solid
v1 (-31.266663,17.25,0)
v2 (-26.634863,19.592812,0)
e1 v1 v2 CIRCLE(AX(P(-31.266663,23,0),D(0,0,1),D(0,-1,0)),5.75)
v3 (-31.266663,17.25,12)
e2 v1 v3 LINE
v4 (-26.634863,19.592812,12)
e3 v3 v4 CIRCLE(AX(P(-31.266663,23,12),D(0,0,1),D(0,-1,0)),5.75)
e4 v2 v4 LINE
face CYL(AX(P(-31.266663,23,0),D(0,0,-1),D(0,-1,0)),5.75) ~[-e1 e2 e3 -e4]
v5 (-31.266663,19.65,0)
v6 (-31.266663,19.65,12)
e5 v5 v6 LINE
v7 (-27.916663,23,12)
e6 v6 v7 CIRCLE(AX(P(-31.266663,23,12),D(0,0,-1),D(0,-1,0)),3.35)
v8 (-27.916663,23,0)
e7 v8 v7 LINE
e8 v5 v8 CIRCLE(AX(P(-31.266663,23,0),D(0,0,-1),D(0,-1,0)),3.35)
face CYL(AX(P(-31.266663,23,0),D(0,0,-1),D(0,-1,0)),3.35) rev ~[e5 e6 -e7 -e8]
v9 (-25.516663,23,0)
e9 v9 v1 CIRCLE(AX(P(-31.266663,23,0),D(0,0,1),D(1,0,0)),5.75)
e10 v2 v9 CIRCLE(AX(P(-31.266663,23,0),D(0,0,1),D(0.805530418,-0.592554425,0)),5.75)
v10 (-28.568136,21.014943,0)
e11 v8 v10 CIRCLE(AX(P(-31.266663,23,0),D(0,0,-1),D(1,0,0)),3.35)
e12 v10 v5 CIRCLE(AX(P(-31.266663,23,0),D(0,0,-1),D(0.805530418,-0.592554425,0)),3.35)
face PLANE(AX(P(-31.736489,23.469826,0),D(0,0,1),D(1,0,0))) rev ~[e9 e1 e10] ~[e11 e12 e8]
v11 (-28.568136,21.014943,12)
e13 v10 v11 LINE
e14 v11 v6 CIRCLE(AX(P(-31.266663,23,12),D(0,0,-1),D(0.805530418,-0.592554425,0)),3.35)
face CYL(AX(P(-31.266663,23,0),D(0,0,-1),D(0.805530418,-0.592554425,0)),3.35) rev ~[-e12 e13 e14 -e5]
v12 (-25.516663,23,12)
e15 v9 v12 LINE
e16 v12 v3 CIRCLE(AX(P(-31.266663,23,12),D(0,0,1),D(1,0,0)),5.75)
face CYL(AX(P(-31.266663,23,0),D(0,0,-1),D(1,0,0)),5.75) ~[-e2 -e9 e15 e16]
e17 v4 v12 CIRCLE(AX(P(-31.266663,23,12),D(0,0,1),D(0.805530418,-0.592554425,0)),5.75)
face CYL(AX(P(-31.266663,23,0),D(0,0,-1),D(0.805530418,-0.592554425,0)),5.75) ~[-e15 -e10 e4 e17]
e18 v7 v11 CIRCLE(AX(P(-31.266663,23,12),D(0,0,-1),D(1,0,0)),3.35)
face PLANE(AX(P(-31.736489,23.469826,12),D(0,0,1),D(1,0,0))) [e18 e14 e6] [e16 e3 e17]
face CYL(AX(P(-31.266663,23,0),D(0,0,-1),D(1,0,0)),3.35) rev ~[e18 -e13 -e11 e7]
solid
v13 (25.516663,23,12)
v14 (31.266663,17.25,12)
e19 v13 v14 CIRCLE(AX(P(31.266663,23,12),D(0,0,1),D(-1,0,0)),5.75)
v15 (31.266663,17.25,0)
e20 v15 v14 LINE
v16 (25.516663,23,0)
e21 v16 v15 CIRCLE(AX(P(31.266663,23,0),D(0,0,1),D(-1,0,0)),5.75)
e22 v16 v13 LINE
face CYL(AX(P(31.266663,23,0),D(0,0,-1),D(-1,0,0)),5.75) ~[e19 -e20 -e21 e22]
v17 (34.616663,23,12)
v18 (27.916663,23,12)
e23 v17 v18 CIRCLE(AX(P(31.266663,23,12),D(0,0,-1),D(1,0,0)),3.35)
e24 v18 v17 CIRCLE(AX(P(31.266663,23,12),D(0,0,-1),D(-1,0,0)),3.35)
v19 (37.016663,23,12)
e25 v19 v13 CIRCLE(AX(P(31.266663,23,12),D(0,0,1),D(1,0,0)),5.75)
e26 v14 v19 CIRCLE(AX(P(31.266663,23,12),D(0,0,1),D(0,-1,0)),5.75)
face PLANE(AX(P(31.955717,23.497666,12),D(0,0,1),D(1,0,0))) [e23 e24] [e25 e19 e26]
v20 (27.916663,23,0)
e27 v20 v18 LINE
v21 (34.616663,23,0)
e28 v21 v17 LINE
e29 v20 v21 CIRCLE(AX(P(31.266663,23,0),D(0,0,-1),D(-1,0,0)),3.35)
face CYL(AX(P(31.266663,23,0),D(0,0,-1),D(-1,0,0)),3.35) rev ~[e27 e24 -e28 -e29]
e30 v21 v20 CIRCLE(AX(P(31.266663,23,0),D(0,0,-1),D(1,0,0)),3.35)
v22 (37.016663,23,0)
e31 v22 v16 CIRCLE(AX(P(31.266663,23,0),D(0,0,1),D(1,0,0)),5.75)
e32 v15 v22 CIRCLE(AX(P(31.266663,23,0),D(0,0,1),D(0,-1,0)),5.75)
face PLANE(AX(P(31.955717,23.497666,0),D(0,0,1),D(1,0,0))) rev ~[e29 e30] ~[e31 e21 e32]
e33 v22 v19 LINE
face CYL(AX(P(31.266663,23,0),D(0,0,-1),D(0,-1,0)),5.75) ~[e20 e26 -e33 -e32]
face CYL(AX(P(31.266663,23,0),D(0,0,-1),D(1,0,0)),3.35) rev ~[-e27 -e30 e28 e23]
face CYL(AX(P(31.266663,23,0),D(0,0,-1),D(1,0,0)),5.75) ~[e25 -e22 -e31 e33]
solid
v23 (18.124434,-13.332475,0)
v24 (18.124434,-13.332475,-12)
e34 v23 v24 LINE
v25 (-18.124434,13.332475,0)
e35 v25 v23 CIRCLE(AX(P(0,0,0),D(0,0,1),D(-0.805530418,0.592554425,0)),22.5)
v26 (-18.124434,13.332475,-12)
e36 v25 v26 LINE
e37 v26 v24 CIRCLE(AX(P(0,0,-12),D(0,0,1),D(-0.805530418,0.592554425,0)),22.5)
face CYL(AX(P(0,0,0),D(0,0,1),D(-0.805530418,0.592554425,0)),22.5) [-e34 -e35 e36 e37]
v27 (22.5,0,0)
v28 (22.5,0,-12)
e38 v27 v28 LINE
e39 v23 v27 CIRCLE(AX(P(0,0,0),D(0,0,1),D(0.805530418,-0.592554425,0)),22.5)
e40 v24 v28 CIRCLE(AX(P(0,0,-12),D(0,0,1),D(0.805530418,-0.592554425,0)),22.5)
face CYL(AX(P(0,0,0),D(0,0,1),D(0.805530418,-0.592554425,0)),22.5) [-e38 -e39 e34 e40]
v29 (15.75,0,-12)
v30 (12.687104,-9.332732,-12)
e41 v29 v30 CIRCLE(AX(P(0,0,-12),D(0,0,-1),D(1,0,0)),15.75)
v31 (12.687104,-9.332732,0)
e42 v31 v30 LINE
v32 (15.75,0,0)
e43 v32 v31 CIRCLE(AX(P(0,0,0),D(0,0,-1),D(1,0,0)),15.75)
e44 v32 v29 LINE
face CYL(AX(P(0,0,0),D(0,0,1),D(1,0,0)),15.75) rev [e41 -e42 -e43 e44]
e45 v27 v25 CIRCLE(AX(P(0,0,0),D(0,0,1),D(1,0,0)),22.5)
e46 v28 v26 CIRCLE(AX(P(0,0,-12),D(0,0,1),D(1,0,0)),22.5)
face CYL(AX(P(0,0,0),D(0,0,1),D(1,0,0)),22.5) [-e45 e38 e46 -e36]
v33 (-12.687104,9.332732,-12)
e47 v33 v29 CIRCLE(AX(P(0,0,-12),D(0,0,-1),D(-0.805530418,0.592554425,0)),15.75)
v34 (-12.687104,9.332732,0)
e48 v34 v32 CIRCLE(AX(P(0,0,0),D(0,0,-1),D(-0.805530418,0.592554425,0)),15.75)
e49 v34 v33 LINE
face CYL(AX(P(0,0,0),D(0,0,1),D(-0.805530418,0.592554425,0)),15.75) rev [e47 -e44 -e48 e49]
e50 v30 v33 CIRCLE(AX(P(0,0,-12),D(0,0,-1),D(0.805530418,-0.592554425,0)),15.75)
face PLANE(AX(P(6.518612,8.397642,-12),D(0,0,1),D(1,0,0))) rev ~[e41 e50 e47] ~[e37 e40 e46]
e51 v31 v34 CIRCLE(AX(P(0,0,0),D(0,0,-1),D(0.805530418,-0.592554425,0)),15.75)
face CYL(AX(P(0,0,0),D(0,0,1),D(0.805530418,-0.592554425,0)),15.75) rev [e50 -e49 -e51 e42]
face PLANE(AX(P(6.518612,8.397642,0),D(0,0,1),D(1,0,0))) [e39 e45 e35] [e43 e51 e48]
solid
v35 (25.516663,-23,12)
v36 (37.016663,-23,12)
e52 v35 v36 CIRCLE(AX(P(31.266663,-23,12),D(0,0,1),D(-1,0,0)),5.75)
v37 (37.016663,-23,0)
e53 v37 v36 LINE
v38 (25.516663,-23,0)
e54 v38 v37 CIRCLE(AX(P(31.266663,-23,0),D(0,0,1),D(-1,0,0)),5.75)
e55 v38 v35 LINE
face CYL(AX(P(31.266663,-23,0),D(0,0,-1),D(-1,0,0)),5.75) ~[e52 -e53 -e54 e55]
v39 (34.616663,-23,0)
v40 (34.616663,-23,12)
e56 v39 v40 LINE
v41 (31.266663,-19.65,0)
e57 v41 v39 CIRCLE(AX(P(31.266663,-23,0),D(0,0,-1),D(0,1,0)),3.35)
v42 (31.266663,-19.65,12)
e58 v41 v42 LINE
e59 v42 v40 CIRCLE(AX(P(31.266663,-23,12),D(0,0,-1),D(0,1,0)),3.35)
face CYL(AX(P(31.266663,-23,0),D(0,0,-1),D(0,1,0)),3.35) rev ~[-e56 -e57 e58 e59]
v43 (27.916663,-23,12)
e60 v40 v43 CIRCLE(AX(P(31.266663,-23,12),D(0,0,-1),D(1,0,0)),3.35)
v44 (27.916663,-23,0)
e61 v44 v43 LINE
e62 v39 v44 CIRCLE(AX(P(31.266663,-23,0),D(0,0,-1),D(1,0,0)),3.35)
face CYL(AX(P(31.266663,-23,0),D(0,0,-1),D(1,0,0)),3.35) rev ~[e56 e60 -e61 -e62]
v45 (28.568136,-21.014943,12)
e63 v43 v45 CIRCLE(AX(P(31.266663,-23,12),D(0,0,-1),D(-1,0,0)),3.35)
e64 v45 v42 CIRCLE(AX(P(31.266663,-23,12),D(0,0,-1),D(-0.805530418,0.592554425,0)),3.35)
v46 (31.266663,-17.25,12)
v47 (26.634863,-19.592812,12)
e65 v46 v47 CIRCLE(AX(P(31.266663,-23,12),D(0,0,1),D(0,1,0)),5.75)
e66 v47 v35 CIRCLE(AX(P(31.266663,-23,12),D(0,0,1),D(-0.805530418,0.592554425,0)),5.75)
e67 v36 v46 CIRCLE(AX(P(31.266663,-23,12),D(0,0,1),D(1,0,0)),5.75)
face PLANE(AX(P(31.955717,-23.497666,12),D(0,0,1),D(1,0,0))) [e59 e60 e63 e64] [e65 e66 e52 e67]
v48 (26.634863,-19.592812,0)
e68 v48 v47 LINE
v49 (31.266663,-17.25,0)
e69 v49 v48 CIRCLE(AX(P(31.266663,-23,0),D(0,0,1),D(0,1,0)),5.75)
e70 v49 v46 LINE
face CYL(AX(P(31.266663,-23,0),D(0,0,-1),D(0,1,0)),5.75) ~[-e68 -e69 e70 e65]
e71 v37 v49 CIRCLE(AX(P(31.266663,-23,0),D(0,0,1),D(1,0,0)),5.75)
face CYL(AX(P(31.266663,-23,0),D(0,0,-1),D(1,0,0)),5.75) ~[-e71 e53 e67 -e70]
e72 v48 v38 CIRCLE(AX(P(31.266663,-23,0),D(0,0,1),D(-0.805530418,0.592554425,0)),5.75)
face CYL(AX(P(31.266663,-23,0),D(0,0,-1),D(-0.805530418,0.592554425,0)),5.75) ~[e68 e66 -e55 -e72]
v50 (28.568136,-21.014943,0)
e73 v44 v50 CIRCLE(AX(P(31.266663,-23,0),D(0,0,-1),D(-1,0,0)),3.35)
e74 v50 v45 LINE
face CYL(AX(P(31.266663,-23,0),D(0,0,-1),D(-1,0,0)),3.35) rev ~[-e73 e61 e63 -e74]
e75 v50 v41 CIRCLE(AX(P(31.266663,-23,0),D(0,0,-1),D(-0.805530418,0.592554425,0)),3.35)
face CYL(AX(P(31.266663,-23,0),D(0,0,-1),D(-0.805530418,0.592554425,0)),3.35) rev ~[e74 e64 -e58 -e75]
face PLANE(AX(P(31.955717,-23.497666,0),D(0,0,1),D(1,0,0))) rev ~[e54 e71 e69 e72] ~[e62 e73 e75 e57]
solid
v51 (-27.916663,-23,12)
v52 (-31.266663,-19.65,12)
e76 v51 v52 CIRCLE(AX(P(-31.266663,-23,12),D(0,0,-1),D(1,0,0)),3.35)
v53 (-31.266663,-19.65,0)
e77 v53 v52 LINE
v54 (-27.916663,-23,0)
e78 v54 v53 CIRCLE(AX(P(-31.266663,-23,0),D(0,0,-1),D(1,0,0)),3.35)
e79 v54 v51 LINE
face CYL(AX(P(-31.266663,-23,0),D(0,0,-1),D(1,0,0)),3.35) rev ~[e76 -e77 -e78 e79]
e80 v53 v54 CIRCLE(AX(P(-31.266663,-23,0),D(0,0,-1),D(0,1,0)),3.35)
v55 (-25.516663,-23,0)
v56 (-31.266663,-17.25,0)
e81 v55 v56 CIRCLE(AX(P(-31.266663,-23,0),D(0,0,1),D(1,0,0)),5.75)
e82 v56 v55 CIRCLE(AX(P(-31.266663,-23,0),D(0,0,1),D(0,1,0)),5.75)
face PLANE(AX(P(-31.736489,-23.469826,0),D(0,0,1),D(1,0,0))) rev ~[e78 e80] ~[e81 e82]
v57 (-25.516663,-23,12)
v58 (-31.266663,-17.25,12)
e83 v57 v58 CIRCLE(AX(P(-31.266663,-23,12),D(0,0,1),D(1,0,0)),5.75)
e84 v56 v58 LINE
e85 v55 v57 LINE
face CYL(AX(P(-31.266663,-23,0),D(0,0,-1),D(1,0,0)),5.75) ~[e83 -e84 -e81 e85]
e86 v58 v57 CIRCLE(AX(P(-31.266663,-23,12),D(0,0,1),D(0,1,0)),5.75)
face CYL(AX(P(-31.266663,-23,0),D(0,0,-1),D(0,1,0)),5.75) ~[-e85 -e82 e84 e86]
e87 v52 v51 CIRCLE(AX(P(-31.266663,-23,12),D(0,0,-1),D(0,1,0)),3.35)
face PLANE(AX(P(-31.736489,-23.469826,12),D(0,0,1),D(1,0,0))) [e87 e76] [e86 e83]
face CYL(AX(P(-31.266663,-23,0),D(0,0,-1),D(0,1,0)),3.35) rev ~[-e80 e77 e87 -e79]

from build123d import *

# Parameters (mm, degrees)
F1_DEPTH = 12
F2_DEPTH = 12


with BuildPart() as f1:
    # F0 (on Top) → F1 (new body)
    with BuildSketch(Plane.XY):
        with BuildLine():
            Line((-31.2666631574, -19.65), (-31.2666631574, -17.25))
            ThreePointArc((-31.2666631574, -17.25), (-35.3325271492, -27.0658639918), (-25.5166631574, -23))
            Line((-25.5166631574, -23), (-27.9166631574, -23))
            ThreePointArc((-27.9166631574, -23), (-33.6354708744, -25.368807717), (-31.2666631574, -19.65))
        make_face()
        with BuildLine():
            ThreePointArc((-25.5166631574, -23), (-27.2007991656, -18.9341360082), (-31.2666631574, -17.25))
            Line((-31.2666631574, -17.25), (-31.2666631574, -19.65))
            ThreePointArc((-31.2666631574, -19.65), (-28.8978554405, -20.631192283), (-27.9166631574, -23))
            Line((-27.9166631574, -23), (-25.5166631574, -23))
        make_face()
    extrude(amount=F1_DEPTH)


with BuildPart() as f1b:
    # F0 (on Top) → F1, piece 2 (new body)
    with BuildSketch(Plane.XY):
        with BuildLine():
            ThreePointArc((37.0166631574, 23), (31.2666631574, 28.75), (25.5166631574, 23))
            Line((25.5166631574, 23), (27.9166631574, 23))
            ThreePointArc((27.9166631574, 23), (31.2666631574, 26.35), (34.6166631574, 23))
            ThreePointArc((34.6166631574, 23), (33.6354708744, 20.631192283), (31.2666631574, 19.65))
            Line((31.2666631574, 19.65), (31.2666631574, 17.25))
            ThreePointArc((31.2666631574, 17.25), (35.3325271492, 18.9341360082), (37.0166631574, 23))
        make_face()
        with BuildLine():
            Line((27.9166631574, 23), (25.5166631574, 23))
            ThreePointArc((25.5166631574, 23), (27.2007991656, 18.9341360082), (31.2666631574, 17.25))
            Line((31.2666631574, 17.25), (31.2666631574, 19.65))
            ThreePointArc((31.2666631574, 19.65), (28.8978554405, 20.631192283), (27.9166631574, 23))
        make_face()
    extrude(amount=F1_DEPTH)


with BuildPart() as f1c:
    # F0 (on Top) → F1, piece 3 (new body)
    with BuildSketch(Plane.XY):
        with BuildLine():
            Line((-27.9166631574, 23), (-25.5166631574, 23))
            ThreePointArc((-25.5166631574, 23), (-35.3325271492, 27.0658639918), (-31.2666631574, 17.25))
            Line((-31.2666631574, 17.25), (-31.2666631574, 19.65))
            ThreePointArc((-31.2666631574, 19.65), (-33.6354708744, 25.368807717), (-27.9166631574, 23))
        make_face()
        with BuildLine():
            Line((-31.2666631574, 19.65), (-31.2666631574, 17.25))
            ThreePointArc((-31.2666631574, 17.25), (-28.6713626614, 17.8690239393), (-26.6348632565, 19.5928120572))
            Line((-26.6348632565, 19.5928120572), (-28.5681362586, 21.0149426768))
            ThreePointArc((-28.5681362586, 21.0149426768), (-29.7546185206, 20.0106487298), (-31.2666631574, 19.65))
        make_face()
        with BuildLine():
            ThreePointArc((-26.6348632565, 19.5928120572), (-25.8033606109, 21.2070066133), (-25.5166631574, 23))
            Line((-25.5166631574, 23), (-27.9166631574, 23))
            ThreePointArc((-27.9166631574, 23), (-28.0836955868, 21.9553864617), (-28.5681362586, 21.0149426768))
            Line((-28.5681362586, 21.0149426768), (-26.6348632565, 19.5928120572))
        make_face()
    extrude(amount=F1_DEPTH)


with BuildPart() as f1d:
    # F0 (on Top) → F1, piece 4 (new body)
    with BuildSketch(Plane.XY):
        with BuildLine():
            ThreePointArc((37.0166631574, -23), (35.3325271492, -18.9341360082), (31.2666631574, -17.25))
            Line((31.2666631574, -17.25), (31.2666631574, -19.65))
            ThreePointArc((31.2666631574, -19.65), (33.6354708744, -20.631192283), (34.6166631574, -23))
            ThreePointArc((34.6166631574, -23), (31.2666631574, -26.35), (27.9166631574, -23))
            Line((27.9166631574, -23), (25.5166631574, -23))
            ThreePointArc((25.5166631574, -23), (31.2666631574, -28.75), (37.0166631574, -23))
        make_face()
        with BuildLine():
            Line((31.2666631574, -19.65), (31.2666631574, -17.25))
            ThreePointArc((31.2666631574, -17.25), (28.6713626614, -17.8690239393), (26.6348632565, -19.5928120572))
            Line((26.6348632565, -19.5928120572), (28.5681362586, -21.0149426768))
            ThreePointArc((28.5681362586, -21.0149426768), (29.7546185206, -20.0106487298), (31.2666631574, -19.65))
        make_face()
        with BuildLine():
            ThreePointArc((26.6348632565, -19.5928120572), (25.8033606109, -21.2070066133), (25.5166631574, -23))
            Line((25.5166631574, -23), (27.9166631574, -23))
            ThreePointArc((27.9166631574, -23), (28.0836955868, -21.9553864617), (28.5681362586, -21.0149426768))
            Line((28.5681362586, -21.0149426768), (26.6348632565, -19.5928120572))
        make_face()
    extrude(amount=F1_DEPTH)


with BuildPart() as f2:
    # F0 (on Top) → F2 (new body)
    with BuildSketch(Plane.XY):
        with BuildLine():
            ThreePointArc((22.5, 0), (7.0160610784, 21.3781403996), (-18.124434395, 13.3324745588))
            Line((-18.124434395, 13.3324745588), (-12.6871040765, 9.3327321912))
            ThreePointArc((-12.6871040765, 9.3327321912), (4.9112427549, 14.9646982797), (15.75, 0))
            ThreePointArc((15.75, 0), (14.9646982797, -4.9112427549), (12.6871040765, -9.3327321912))
            Line((12.6871040765, -9.3327321912), (18.124434395, -13.3324745588))
            ThreePointArc((18.124434395, -13.3324745588), (21.3781403996, -7.0160610784), (22.5, 0))
        make_face()
        with BuildLine():
            Line((-12.6871040765, 9.3327321912), (-18.124434395, 13.3324745588))
            ThreePointArc((-18.124434395, 13.3324745588), (-13.3324745588, -18.124434395), (18.124434395, -13.3324745588))
            Line((18.124434395, -13.3324745588), (12.6871040765, -9.3327321912))
            ThreePointArc((12.6871040765, -9.3327321912), (-9.3327321912, -12.6871040765), (-12.6871040765, 9.3327321912))
        make_face()
    extrude(amount=-F2_DEPTH)


solid = Compound([f1.part, f1b.part, f1c.part, f1d.part, f2.part])
